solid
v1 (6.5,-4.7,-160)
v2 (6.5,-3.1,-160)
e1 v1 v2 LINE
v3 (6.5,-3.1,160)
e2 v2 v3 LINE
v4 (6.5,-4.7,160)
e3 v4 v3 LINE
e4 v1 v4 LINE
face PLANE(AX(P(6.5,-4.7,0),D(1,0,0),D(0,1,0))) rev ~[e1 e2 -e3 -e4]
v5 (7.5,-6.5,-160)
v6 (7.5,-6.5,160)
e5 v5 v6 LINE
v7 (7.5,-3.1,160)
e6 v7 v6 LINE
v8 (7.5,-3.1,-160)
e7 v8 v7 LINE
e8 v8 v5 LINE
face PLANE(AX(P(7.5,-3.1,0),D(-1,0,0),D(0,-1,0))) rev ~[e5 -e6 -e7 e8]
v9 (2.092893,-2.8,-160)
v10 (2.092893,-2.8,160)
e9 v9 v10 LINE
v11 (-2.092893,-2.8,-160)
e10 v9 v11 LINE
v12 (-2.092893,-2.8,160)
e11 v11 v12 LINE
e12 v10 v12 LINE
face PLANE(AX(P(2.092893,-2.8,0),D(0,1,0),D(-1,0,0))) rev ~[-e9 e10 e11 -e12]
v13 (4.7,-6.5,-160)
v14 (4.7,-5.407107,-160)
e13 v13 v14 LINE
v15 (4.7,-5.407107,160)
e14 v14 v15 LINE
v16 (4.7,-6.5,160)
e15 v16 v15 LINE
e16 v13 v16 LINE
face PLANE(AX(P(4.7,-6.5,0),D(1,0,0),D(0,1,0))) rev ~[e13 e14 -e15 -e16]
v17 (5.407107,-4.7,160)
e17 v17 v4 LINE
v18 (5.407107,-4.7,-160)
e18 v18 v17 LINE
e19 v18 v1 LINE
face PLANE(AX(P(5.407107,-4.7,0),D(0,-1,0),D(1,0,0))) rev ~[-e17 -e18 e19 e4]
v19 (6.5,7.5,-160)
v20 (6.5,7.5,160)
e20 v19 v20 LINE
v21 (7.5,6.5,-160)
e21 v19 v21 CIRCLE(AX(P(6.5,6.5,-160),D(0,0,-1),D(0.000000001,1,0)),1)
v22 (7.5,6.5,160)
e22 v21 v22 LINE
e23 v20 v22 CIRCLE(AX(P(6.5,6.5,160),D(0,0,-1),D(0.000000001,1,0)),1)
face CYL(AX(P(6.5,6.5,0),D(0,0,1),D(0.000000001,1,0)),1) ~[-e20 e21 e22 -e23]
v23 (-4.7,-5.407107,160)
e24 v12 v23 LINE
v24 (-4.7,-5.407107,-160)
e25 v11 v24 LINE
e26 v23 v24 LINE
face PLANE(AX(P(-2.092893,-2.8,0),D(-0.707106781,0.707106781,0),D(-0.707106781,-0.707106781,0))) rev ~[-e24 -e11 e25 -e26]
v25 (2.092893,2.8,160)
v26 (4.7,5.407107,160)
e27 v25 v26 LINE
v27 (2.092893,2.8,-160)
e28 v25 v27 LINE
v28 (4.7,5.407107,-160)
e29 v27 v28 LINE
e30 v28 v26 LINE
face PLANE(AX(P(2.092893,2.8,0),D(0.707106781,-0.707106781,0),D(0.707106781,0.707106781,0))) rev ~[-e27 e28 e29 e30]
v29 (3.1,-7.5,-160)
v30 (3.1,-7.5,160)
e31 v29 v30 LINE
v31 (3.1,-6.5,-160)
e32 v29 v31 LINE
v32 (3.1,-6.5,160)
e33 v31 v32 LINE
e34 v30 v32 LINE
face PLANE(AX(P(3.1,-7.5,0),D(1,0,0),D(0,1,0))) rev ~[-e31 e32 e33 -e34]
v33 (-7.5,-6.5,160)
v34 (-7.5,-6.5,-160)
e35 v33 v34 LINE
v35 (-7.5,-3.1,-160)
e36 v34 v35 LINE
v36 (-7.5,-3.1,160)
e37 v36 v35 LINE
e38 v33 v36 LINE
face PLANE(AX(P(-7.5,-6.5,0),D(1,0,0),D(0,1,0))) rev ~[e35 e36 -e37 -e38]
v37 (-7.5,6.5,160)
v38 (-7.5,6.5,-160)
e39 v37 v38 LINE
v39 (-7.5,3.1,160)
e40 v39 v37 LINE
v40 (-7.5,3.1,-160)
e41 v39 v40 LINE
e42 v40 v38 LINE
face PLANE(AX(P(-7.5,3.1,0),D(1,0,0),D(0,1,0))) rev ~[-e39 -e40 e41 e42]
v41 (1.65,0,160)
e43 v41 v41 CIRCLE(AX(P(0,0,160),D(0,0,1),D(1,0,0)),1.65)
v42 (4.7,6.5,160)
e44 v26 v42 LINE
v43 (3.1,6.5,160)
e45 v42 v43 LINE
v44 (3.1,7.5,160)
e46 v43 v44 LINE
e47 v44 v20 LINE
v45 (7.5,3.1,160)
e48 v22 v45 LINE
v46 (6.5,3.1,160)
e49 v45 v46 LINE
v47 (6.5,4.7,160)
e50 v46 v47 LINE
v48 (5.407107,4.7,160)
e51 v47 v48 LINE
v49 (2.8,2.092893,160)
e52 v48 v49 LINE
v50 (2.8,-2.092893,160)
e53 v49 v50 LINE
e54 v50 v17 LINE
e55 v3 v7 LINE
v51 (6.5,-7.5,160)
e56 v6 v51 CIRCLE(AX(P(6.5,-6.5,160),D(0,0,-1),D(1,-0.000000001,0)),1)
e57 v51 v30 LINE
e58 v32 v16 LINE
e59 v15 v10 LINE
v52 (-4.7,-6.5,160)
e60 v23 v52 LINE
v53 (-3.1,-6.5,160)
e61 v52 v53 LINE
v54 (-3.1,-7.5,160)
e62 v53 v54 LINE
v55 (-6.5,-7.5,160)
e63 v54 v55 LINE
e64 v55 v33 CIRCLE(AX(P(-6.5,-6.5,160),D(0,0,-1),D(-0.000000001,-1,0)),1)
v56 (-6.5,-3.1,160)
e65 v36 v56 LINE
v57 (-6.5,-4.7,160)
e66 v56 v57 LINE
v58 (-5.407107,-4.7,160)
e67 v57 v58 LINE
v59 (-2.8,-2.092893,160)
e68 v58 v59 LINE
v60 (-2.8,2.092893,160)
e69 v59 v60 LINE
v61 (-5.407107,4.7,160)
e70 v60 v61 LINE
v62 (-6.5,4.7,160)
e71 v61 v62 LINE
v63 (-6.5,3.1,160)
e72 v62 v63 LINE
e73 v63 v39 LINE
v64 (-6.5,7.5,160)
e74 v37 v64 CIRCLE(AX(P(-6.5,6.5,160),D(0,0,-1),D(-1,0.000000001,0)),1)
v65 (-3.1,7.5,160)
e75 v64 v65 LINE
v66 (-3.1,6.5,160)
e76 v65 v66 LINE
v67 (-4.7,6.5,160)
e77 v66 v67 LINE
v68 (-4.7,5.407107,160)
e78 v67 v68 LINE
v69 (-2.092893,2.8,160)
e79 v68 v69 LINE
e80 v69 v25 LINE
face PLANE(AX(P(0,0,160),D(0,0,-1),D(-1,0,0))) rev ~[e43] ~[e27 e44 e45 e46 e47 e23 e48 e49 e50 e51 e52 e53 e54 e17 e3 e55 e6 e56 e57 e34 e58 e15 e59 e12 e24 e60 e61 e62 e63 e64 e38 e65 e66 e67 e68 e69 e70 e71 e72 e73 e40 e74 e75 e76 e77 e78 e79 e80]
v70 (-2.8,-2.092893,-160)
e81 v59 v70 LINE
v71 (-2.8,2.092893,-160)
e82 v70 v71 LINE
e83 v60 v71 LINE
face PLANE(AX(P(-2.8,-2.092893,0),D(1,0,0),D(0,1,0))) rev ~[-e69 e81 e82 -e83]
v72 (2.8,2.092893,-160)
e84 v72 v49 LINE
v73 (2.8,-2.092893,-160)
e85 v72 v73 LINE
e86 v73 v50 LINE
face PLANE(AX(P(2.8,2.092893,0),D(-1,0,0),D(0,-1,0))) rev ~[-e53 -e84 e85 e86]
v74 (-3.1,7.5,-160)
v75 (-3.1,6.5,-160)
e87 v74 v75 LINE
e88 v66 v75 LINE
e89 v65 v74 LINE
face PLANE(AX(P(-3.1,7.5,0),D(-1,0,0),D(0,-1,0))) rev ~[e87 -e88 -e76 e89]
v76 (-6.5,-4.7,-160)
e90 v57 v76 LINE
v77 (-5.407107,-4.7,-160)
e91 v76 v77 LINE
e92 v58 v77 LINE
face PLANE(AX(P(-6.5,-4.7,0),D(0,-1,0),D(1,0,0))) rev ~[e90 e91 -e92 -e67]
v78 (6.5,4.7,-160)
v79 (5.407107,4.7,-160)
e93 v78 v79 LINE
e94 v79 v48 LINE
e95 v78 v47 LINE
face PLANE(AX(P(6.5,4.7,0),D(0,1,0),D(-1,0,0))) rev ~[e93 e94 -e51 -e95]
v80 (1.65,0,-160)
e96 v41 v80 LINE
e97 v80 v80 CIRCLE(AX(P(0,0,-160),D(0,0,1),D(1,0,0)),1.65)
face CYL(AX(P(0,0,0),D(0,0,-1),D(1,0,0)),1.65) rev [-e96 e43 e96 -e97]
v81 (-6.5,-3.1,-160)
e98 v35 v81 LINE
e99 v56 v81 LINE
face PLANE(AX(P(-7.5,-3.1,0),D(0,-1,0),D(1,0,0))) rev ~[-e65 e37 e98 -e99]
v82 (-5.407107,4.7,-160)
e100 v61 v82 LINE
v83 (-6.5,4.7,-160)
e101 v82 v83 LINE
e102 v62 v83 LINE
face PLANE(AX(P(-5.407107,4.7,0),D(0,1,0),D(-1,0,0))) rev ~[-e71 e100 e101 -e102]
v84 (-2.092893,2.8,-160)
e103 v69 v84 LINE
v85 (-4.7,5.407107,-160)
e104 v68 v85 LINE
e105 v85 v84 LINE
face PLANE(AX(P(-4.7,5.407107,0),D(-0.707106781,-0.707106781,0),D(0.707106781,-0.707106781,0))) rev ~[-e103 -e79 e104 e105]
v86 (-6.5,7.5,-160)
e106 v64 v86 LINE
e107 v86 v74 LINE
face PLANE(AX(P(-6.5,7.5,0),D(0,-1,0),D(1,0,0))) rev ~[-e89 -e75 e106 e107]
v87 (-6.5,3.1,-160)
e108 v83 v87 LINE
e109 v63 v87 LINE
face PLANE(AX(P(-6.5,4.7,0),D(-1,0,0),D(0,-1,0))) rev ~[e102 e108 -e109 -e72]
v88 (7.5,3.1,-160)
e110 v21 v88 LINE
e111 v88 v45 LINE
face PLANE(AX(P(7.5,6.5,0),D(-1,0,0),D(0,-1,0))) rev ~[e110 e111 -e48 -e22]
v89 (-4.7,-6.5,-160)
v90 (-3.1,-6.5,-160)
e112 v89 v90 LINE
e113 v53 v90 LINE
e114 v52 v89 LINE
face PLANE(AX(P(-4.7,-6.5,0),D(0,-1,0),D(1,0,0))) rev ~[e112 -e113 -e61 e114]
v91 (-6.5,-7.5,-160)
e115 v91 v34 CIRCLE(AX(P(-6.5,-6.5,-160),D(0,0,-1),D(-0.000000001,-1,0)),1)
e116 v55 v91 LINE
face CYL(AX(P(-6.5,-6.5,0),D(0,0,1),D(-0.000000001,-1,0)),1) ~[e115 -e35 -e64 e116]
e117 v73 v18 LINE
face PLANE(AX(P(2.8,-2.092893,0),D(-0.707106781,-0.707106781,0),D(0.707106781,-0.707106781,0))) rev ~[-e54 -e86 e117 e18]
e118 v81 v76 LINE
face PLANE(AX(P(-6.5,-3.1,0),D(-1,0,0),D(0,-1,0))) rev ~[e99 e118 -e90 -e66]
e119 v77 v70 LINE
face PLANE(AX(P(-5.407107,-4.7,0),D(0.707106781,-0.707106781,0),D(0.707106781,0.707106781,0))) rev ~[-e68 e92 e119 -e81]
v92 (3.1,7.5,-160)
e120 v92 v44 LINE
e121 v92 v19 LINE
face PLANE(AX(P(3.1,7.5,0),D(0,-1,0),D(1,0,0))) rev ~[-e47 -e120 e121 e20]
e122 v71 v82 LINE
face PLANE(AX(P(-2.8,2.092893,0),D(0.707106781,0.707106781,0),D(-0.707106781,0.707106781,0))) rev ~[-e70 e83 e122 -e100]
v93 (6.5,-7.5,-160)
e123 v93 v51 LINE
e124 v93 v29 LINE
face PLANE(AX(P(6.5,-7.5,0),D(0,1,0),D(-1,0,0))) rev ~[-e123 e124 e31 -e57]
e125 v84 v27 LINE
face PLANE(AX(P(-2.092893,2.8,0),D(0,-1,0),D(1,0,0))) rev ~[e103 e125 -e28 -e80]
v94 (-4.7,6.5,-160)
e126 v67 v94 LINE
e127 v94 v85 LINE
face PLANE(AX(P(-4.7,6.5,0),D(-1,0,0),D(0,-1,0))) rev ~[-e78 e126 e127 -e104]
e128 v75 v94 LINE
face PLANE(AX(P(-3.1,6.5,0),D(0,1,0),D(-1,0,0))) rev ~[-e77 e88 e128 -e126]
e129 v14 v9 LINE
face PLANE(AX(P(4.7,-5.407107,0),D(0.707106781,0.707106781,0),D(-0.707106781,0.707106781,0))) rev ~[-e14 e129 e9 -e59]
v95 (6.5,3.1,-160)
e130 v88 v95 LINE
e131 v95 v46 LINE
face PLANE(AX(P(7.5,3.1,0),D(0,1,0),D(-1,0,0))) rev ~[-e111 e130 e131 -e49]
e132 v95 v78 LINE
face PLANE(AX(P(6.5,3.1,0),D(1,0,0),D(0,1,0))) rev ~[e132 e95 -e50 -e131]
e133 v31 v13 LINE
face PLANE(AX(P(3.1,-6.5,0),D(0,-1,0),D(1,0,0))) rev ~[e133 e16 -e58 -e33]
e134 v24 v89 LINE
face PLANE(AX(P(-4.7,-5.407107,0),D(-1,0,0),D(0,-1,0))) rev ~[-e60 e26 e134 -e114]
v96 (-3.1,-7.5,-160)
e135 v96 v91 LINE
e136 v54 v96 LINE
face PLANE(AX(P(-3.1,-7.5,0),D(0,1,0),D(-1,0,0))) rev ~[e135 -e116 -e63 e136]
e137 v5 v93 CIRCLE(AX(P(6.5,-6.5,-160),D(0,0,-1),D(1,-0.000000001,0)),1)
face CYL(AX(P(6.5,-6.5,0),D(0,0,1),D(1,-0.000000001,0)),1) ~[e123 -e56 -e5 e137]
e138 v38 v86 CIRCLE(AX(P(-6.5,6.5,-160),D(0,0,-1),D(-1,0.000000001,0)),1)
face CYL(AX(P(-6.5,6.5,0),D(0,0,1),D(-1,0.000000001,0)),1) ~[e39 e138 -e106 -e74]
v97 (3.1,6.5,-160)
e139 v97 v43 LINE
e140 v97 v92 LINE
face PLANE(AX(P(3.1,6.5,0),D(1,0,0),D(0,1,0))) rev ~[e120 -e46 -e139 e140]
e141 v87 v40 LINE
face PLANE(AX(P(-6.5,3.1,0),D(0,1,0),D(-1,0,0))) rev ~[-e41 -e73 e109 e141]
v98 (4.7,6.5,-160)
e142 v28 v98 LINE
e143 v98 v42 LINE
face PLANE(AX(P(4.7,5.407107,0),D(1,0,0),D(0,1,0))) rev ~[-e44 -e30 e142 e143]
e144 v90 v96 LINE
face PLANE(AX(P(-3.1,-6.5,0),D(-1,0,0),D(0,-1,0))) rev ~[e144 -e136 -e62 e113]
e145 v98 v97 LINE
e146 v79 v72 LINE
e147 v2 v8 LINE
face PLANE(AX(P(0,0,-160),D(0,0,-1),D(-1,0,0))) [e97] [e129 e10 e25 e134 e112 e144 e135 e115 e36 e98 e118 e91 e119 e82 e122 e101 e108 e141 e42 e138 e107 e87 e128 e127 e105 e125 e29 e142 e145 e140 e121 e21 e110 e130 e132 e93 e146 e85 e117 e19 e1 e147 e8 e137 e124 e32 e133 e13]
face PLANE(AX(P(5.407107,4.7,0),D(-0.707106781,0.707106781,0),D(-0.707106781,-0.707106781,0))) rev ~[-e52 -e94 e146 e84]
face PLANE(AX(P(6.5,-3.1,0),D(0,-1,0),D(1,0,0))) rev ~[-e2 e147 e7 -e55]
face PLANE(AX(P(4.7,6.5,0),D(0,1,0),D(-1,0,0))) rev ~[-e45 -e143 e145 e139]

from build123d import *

# Parameters (mm, degrees)
SKETCH_2_R      = 1.65
EXTRUDE_1_DEPTH = 160


with BuildPart() as part:
    # 草图2 → 凸台-拉伸1 (new, symmetric)
    with BuildSketch(Plane.XY):
        with BuildLine():
            Line((-2.092893219, -2.8), (-4.7, -5.407106781))
            Line((-4.7, -5.407106781), (-4.7, -6.5))
            Line((-4.7, -6.5), (-3.1, -6.5))
            Line((-3.1, -6.5), (-3.1, -7.5))
            Line((-3.1, -7.5), (-6.5, -7.5))
            ThreePointArc((-6.5, -7.5), (-7.207106781, -7.207106781), (-7.5, -6.5))
            Line((-7.5, -6.5), (-7.5, -3.1))
            Line((-7.5, -3.1), (-6.5, -3.1))
            Line((-6.5, -3.1), (-6.5, -4.7))
            Line((-6.5, -4.7), (-5.407106781, -4.7))
            Line((-5.407106781, -4.7), (-2.8, -2.092893219))
            Line((-2.8, -2.092893219), (-2.8, 2.092893219))
            Line((-2.8, 2.092893219), (-5.407106781, 4.7))
            Line((-5.407106781, 4.7), (-6.5, 4.7))
            Line((-6.5, 4.7), (-6.5, 3.1))
            Line((-6.5, 3.1), (-7.5, 3.1))
            Line((-7.5, 3.1), (-7.5, 6.5))
            ThreePointArc((-7.5, 6.5), (-7.207106781, 7.207106781), (-6.5, 7.5))
            Line((-6.5, 7.5), (-3.1, 7.5))
            Line((-3.1, 7.5), (-3.1, 6.5))
            Line((-3.1, 6.5), (-4.7, 6.5))
            Line((-4.7, 6.5), (-4.7, 5.407106781))
            Line((-4.7, 5.407106781), (-2.092893219, 2.8))
            Line((-2.092893219, 2.8), (2.092893219, 2.8))
            Line((2.092893219, 2.8), (4.7, 5.407106781))
            Line((4.7, 5.407106781), (4.7, 6.5))
            Line((4.7, 6.5), (3.1, 6.5))
            Line((3.1, 6.5), (3.1, 7.5))
            Line((3.1, 7.5), (6.5, 7.5))
            ThreePointArc((6.5, 7.5), (7.207106781, 7.207106781), (7.5, 6.5))
            Line((7.5, 6.5), (7.5, 3.1))
            Line((7.5, 3.1), (6.5, 3.1))
            Line((6.5, 3.1), (6.5, 4.7))
            Line((6.5, 4.7), (5.407106781, 4.7))
            Line((5.407106781, 4.7), (2.8, 2.092893219))
            Line((2.8, 2.092893219), (2.8, -2.092893219))
            Line((2.8, -2.092893219), (5.407106781, -4.7))
            Line((5.407106781, -4.7), (6.5, -4.7))
            Line((6.5, -4.7), (6.5, -3.1))
            Line((6.5, -3.1), (7.5, -3.1))
            Line((7.5, -3.1), (7.5, -6.5))
            ThreePointArc((7.5, -6.5), (7.207106781, -7.207106781), (6.5, -7.5))
            Line((6.5, -7.5), (3.1, -7.5))
            Line((3.1, -7.5), (3.1, -6.5))
            Line((3.1, -6.5), (4.7, -6.5))
            Line((4.7, -6.5), (4.7, -5.407106781))
            Line((4.7, -5.407106781), (2.092893219, -2.8))
            Line((2.092893219, -2.8), (-2.092893219, -2.8))
        make_face()
        Circle(SKETCH_2_R, mode=Mode.SUBTRACT)
    extrude(amount=EXTRUDE_1_DEPTH, both=True)


solid = part.part
